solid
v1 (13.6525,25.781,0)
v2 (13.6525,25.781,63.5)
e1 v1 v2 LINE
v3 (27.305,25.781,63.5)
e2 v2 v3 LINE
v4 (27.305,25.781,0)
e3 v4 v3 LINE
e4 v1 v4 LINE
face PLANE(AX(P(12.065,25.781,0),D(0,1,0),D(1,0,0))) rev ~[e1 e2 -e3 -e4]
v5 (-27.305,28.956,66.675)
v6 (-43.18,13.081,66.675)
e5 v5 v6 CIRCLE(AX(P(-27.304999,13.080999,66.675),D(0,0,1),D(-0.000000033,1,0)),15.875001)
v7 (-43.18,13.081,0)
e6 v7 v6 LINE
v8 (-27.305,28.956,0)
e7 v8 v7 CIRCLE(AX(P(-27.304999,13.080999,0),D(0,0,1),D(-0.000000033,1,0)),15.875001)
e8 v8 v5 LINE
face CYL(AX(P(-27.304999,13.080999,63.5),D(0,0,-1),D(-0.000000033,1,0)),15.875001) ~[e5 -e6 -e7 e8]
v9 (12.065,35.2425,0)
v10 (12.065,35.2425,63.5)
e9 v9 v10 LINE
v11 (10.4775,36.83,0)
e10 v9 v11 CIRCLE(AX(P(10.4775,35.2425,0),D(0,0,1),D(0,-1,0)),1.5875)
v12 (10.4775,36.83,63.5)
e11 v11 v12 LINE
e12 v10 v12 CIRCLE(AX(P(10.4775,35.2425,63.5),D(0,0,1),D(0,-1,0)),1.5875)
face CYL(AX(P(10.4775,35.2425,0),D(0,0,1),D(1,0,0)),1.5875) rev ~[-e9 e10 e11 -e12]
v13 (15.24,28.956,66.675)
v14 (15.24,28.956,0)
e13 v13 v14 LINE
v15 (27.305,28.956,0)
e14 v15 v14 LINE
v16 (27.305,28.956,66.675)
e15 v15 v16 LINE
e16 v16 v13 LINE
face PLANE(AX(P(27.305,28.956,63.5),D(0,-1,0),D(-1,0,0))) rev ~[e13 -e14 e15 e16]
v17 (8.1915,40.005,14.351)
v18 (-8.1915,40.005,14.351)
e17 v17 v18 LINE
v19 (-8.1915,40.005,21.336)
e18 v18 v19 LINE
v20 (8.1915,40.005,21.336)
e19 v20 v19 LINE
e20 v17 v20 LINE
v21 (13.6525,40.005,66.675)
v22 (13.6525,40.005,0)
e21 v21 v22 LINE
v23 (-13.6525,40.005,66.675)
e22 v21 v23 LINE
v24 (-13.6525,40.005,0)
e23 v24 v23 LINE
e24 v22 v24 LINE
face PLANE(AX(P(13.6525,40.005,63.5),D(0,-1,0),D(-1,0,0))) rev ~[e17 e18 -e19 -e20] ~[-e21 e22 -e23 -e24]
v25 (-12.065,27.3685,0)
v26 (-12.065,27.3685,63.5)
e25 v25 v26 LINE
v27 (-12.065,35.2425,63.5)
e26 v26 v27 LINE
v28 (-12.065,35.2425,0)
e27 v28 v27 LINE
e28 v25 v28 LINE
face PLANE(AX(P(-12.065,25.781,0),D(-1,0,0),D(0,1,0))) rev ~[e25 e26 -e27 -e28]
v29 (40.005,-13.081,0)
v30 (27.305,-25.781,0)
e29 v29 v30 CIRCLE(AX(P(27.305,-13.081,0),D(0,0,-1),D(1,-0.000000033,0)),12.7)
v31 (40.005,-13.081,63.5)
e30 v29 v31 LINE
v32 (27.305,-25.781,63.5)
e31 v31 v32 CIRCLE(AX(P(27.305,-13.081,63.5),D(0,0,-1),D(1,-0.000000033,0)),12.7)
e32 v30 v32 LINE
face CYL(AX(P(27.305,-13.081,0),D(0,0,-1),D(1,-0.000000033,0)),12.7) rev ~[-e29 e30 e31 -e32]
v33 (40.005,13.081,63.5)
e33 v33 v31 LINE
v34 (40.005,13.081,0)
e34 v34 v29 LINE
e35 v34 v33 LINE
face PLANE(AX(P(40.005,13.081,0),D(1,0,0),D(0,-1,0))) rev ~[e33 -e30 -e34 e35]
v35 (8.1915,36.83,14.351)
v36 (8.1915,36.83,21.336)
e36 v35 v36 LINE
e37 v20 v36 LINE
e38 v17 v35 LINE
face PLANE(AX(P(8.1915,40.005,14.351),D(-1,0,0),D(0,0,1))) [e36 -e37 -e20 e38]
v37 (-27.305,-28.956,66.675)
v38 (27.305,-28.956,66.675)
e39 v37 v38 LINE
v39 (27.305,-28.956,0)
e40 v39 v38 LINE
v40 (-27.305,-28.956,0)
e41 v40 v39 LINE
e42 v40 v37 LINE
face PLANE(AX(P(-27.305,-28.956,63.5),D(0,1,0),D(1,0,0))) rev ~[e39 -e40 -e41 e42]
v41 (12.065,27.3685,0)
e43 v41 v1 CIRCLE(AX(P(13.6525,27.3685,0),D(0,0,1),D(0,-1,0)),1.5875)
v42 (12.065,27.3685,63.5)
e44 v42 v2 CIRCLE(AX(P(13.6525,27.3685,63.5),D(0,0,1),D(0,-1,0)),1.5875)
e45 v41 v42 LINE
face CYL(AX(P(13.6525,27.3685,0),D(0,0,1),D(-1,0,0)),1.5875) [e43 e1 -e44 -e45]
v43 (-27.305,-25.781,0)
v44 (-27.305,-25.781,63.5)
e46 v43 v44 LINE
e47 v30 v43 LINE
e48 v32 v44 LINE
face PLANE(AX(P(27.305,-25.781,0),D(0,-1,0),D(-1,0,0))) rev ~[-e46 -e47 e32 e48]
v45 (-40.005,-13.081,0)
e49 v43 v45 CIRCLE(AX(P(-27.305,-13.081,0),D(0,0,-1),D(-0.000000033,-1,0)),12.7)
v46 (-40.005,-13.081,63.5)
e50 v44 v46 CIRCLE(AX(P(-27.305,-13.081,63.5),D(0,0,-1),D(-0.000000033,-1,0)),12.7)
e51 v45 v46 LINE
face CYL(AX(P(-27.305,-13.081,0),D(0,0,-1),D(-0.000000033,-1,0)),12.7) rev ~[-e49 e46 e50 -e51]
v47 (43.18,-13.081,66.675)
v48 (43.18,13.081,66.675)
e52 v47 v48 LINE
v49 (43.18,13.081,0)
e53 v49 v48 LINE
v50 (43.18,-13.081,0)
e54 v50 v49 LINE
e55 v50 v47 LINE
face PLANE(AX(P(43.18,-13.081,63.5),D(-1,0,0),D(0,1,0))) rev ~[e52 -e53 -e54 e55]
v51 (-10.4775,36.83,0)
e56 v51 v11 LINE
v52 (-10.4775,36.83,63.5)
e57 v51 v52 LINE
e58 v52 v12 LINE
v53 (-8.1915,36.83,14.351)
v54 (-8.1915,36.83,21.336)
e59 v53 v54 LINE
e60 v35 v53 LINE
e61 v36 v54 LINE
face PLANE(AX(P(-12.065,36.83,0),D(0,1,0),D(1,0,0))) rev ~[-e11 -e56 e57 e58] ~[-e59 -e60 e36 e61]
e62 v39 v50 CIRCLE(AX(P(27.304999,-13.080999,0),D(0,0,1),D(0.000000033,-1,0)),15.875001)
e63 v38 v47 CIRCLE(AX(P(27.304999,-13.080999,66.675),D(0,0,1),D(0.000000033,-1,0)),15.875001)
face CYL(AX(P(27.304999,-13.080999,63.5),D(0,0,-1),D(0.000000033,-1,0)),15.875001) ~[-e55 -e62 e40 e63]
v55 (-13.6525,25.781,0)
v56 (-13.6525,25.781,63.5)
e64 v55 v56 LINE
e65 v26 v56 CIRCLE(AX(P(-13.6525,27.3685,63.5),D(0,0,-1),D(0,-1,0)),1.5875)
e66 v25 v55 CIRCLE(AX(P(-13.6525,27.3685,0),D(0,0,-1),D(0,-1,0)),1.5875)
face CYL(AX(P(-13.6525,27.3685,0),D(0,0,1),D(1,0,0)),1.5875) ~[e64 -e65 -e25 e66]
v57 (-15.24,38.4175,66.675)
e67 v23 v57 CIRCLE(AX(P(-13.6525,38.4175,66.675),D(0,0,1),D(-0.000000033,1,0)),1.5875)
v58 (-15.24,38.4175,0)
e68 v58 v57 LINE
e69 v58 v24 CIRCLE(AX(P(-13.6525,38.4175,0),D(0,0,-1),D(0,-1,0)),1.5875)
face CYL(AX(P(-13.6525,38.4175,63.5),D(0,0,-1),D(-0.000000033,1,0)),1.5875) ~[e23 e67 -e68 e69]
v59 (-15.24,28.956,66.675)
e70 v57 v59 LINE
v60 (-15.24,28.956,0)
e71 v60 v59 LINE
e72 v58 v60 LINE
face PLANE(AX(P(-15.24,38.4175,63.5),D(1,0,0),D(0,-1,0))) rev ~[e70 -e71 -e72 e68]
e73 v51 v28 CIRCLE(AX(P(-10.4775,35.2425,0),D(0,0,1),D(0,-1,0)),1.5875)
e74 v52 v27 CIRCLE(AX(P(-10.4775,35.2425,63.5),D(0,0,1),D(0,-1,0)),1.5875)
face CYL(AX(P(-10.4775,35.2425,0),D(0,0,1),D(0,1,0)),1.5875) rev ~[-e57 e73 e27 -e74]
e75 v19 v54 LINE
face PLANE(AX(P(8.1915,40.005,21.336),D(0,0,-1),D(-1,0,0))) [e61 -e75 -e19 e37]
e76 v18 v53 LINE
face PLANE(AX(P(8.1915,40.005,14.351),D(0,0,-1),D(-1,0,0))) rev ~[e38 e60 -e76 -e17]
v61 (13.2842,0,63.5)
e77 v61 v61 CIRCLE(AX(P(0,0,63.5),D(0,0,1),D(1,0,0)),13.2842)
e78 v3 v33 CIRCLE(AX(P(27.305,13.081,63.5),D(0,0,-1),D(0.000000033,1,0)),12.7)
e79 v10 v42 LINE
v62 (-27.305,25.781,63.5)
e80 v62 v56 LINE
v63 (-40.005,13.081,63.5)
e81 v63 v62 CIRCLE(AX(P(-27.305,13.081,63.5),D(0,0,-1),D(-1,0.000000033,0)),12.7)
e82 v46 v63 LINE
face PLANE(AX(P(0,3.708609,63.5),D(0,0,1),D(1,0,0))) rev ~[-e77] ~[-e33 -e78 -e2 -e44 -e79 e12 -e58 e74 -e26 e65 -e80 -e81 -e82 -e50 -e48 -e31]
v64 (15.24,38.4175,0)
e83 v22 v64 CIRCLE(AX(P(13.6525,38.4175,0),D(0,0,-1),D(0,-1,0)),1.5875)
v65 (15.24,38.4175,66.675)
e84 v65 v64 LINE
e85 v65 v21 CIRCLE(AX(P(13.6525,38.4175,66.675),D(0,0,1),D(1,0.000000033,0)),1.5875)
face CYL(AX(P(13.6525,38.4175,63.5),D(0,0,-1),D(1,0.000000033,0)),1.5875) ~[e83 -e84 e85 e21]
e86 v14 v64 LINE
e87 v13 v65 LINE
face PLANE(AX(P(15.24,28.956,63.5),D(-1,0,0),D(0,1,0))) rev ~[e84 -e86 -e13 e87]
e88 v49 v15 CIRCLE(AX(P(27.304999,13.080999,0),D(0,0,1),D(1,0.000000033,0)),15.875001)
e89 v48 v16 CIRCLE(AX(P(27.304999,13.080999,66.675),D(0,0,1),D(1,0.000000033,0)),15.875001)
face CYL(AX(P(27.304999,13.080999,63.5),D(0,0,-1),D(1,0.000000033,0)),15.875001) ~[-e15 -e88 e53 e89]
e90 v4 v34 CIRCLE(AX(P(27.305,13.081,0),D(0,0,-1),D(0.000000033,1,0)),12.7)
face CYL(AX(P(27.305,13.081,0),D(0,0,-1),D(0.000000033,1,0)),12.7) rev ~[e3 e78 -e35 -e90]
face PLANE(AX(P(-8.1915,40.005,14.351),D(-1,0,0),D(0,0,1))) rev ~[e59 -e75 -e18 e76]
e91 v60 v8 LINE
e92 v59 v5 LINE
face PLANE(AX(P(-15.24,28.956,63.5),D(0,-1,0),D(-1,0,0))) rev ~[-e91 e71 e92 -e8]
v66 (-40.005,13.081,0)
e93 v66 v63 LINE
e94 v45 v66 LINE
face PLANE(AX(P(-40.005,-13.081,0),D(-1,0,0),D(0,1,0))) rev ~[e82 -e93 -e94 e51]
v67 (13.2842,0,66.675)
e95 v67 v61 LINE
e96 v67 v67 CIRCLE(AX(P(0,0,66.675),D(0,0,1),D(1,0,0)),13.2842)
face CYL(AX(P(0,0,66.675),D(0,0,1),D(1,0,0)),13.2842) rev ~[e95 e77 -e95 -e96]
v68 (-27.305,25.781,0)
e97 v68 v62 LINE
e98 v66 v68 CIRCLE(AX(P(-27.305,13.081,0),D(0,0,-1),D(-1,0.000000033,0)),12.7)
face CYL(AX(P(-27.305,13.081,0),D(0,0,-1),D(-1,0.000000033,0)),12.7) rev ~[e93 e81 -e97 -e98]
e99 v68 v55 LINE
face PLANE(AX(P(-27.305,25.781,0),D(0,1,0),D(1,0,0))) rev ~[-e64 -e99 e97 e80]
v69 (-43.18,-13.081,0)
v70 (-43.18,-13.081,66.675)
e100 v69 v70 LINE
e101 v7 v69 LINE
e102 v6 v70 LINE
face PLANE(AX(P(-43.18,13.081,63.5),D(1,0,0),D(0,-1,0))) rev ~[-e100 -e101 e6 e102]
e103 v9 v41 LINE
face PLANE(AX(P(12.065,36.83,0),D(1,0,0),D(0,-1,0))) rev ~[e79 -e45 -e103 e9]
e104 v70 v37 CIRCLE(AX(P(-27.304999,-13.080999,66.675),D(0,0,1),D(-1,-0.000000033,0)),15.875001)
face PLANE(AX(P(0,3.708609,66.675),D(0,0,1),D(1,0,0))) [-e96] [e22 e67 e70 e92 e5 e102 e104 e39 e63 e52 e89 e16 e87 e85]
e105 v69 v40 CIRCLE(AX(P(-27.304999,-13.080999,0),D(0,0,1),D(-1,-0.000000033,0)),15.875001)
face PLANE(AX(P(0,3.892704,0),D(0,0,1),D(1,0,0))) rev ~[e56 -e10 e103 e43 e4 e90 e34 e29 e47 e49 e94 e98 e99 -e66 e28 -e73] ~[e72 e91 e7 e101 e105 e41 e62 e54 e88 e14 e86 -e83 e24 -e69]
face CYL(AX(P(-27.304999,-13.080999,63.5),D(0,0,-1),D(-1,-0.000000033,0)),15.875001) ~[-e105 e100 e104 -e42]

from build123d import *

# Parameters (mm, degrees)
F1_DEPTH = 63.5
F2_W     = 16.383
F2_H     = 6.985
F3_DEPTH = 3.175
F4_R     = 1.5875
F6_DEPTH = 3.175
F7_R     = 13.2842
F8_DEPTH = 3.175


with BuildPart() as f1:
    # F0 (on Top) → F1 (new body)
    with BuildSketch(Plane.XY):
        with BuildLine():
            Line((-15.24, 40.005), (-15.24, 28.956))
            Line((-15.24, 28.956), (-27.305, 28.956))
            ThreePointArc((-27.305, 28.956), (-38.53032, 24.30632), (-43.18, 13.081))
            Line((-43.18, 13.081), (-43.18, -13.081))
            ThreePointArc((-43.18, -13.081), (-38.53032, -24.30632), (-27.305, -28.956))
            Line((-27.305, -28.956), (27.305, -28.956))
            ThreePointArc((27.305, -28.956), (38.53032, -24.30632), (43.18, -13.081))
            Line((43.18, -13.081), (43.18, 13.081))
            ThreePointArc((43.18, 13.081), (38.53032, 24.30632), (27.305, 28.956))
            Line((27.305, 28.956), (15.24, 28.956))
            Line((15.24, 28.956), (15.24, 40.005))
            Line((15.24, 40.005), (-15.24, 40.005))
        make_face()
        with BuildLine():
            Line((12.065, 25.781), (27.305, 25.781))
            ThreePointArc((27.305, 25.781), (36.285256, 22.061256), (40.005, 13.081))
            Line((40.005, 13.081), (40.005, -13.081))
            ThreePointArc((40.005, -13.081), (36.285256, -22.061256), (27.305, -25.781))
            Line((27.305, -25.781), (-27.305, -25.781))
            ThreePointArc((-27.305, -25.781), (-36.285256, -22.061256), (-40.005, -13.081))
            Line((-40.005, -13.081), (-40.005, 13.081))
            ThreePointArc((-40.005, 13.081), (-36.285256, 22.061256), (-27.305, 25.781))
            Line((-27.305, 25.781), (-12.065, 25.781))
            Line((-12.065, 25.781), (-12.065, 36.83))
            Line((-12.065, 36.83), (12.065, 36.83))
            Line((12.065, 36.83), (12.065, 25.781))
        make_face(mode=Mode.SUBTRACT)
    extrude(amount=F1_DEPTH)

    # F2 (on face) → F3 (cut, through all)
    with BuildSketch(Plane(origin=(0, 40.005, 0), x_dir=(-1, 0, 0), z_dir=(0, 1, 0))):
        with Locations((0, 17.8435)):
            Rectangle(F2_W, F2_H)
    extrude(amount=-F3_DEPTH, mode=Mode.SUBTRACT)

    # F4
    f4_edges = [f1.edges().sort_by_distance(p)[0] for p in [
        (-12.065, 25.781, 31.75),
        (-12.065, 36.83, 31.75),
        (12.065, 25.781, 31.75),
        (12.065, 36.83, 31.75),
        (15.24, 40.005, 31.75),
        (-15.24, 40.005, 31.75),
    ]]
    fillet(f4_edges, radius=F4_R)

    # F5 (on face) → F6 (join)
    with BuildSketch(Plane.XY.offset(63.5)):
        with BuildLine():
            Line((13.6525, 40.005), (-13.6525, 40.005))
            ThreePointArc((-13.6525, 40.005), (-14.775032, 39.540032), (-15.24, 38.4175))
            Line((-15.24, 38.4175), (-15.24, 28.956))
            Line((-15.24, 28.956), (-27.305, 28.956))
            ThreePointArc((-27.305, 28.956), (-38.53032, 24.30632), (-43.18, 13.081))
            Line((-43.18, 13.081), (-43.18, -13.081))
            ThreePointArc((-43.18, -13.081), (-38.53032, -24.30632), (-27.305, -28.956))
            Line((-27.305, -28.956), (27.305, -28.956))
            ThreePointArc((27.305, -28.956), (38.53032, -24.30632), (43.18, -13.081))
            Line((43.18, -13.081), (43.18, 13.081))
            ThreePointArc((43.18, 13.081), (38.53032, 24.30632), (27.305, 28.956))
            Line((27.305, 28.956), (15.24, 28.956))
            Line((15.24, 28.956), (15.24, 38.4175))
            ThreePointArc((15.24, 38.4175), (14.775032, 39.540032), (13.6525, 40.005))
        make_face()
    extrude(amount=F6_DEPTH)

    # F7 (on face) → F8 (cut, through all)
    with BuildSketch(Plane.XY.offset(66.675)):
        Circle(F7_R)
    extrude(amount=-F8_DEPTH, mode=Mode.SUBTRACT)


with BuildPart() as f9_1:
    # F9: copy of F1
    add(f1.part)


solid = f1.part
